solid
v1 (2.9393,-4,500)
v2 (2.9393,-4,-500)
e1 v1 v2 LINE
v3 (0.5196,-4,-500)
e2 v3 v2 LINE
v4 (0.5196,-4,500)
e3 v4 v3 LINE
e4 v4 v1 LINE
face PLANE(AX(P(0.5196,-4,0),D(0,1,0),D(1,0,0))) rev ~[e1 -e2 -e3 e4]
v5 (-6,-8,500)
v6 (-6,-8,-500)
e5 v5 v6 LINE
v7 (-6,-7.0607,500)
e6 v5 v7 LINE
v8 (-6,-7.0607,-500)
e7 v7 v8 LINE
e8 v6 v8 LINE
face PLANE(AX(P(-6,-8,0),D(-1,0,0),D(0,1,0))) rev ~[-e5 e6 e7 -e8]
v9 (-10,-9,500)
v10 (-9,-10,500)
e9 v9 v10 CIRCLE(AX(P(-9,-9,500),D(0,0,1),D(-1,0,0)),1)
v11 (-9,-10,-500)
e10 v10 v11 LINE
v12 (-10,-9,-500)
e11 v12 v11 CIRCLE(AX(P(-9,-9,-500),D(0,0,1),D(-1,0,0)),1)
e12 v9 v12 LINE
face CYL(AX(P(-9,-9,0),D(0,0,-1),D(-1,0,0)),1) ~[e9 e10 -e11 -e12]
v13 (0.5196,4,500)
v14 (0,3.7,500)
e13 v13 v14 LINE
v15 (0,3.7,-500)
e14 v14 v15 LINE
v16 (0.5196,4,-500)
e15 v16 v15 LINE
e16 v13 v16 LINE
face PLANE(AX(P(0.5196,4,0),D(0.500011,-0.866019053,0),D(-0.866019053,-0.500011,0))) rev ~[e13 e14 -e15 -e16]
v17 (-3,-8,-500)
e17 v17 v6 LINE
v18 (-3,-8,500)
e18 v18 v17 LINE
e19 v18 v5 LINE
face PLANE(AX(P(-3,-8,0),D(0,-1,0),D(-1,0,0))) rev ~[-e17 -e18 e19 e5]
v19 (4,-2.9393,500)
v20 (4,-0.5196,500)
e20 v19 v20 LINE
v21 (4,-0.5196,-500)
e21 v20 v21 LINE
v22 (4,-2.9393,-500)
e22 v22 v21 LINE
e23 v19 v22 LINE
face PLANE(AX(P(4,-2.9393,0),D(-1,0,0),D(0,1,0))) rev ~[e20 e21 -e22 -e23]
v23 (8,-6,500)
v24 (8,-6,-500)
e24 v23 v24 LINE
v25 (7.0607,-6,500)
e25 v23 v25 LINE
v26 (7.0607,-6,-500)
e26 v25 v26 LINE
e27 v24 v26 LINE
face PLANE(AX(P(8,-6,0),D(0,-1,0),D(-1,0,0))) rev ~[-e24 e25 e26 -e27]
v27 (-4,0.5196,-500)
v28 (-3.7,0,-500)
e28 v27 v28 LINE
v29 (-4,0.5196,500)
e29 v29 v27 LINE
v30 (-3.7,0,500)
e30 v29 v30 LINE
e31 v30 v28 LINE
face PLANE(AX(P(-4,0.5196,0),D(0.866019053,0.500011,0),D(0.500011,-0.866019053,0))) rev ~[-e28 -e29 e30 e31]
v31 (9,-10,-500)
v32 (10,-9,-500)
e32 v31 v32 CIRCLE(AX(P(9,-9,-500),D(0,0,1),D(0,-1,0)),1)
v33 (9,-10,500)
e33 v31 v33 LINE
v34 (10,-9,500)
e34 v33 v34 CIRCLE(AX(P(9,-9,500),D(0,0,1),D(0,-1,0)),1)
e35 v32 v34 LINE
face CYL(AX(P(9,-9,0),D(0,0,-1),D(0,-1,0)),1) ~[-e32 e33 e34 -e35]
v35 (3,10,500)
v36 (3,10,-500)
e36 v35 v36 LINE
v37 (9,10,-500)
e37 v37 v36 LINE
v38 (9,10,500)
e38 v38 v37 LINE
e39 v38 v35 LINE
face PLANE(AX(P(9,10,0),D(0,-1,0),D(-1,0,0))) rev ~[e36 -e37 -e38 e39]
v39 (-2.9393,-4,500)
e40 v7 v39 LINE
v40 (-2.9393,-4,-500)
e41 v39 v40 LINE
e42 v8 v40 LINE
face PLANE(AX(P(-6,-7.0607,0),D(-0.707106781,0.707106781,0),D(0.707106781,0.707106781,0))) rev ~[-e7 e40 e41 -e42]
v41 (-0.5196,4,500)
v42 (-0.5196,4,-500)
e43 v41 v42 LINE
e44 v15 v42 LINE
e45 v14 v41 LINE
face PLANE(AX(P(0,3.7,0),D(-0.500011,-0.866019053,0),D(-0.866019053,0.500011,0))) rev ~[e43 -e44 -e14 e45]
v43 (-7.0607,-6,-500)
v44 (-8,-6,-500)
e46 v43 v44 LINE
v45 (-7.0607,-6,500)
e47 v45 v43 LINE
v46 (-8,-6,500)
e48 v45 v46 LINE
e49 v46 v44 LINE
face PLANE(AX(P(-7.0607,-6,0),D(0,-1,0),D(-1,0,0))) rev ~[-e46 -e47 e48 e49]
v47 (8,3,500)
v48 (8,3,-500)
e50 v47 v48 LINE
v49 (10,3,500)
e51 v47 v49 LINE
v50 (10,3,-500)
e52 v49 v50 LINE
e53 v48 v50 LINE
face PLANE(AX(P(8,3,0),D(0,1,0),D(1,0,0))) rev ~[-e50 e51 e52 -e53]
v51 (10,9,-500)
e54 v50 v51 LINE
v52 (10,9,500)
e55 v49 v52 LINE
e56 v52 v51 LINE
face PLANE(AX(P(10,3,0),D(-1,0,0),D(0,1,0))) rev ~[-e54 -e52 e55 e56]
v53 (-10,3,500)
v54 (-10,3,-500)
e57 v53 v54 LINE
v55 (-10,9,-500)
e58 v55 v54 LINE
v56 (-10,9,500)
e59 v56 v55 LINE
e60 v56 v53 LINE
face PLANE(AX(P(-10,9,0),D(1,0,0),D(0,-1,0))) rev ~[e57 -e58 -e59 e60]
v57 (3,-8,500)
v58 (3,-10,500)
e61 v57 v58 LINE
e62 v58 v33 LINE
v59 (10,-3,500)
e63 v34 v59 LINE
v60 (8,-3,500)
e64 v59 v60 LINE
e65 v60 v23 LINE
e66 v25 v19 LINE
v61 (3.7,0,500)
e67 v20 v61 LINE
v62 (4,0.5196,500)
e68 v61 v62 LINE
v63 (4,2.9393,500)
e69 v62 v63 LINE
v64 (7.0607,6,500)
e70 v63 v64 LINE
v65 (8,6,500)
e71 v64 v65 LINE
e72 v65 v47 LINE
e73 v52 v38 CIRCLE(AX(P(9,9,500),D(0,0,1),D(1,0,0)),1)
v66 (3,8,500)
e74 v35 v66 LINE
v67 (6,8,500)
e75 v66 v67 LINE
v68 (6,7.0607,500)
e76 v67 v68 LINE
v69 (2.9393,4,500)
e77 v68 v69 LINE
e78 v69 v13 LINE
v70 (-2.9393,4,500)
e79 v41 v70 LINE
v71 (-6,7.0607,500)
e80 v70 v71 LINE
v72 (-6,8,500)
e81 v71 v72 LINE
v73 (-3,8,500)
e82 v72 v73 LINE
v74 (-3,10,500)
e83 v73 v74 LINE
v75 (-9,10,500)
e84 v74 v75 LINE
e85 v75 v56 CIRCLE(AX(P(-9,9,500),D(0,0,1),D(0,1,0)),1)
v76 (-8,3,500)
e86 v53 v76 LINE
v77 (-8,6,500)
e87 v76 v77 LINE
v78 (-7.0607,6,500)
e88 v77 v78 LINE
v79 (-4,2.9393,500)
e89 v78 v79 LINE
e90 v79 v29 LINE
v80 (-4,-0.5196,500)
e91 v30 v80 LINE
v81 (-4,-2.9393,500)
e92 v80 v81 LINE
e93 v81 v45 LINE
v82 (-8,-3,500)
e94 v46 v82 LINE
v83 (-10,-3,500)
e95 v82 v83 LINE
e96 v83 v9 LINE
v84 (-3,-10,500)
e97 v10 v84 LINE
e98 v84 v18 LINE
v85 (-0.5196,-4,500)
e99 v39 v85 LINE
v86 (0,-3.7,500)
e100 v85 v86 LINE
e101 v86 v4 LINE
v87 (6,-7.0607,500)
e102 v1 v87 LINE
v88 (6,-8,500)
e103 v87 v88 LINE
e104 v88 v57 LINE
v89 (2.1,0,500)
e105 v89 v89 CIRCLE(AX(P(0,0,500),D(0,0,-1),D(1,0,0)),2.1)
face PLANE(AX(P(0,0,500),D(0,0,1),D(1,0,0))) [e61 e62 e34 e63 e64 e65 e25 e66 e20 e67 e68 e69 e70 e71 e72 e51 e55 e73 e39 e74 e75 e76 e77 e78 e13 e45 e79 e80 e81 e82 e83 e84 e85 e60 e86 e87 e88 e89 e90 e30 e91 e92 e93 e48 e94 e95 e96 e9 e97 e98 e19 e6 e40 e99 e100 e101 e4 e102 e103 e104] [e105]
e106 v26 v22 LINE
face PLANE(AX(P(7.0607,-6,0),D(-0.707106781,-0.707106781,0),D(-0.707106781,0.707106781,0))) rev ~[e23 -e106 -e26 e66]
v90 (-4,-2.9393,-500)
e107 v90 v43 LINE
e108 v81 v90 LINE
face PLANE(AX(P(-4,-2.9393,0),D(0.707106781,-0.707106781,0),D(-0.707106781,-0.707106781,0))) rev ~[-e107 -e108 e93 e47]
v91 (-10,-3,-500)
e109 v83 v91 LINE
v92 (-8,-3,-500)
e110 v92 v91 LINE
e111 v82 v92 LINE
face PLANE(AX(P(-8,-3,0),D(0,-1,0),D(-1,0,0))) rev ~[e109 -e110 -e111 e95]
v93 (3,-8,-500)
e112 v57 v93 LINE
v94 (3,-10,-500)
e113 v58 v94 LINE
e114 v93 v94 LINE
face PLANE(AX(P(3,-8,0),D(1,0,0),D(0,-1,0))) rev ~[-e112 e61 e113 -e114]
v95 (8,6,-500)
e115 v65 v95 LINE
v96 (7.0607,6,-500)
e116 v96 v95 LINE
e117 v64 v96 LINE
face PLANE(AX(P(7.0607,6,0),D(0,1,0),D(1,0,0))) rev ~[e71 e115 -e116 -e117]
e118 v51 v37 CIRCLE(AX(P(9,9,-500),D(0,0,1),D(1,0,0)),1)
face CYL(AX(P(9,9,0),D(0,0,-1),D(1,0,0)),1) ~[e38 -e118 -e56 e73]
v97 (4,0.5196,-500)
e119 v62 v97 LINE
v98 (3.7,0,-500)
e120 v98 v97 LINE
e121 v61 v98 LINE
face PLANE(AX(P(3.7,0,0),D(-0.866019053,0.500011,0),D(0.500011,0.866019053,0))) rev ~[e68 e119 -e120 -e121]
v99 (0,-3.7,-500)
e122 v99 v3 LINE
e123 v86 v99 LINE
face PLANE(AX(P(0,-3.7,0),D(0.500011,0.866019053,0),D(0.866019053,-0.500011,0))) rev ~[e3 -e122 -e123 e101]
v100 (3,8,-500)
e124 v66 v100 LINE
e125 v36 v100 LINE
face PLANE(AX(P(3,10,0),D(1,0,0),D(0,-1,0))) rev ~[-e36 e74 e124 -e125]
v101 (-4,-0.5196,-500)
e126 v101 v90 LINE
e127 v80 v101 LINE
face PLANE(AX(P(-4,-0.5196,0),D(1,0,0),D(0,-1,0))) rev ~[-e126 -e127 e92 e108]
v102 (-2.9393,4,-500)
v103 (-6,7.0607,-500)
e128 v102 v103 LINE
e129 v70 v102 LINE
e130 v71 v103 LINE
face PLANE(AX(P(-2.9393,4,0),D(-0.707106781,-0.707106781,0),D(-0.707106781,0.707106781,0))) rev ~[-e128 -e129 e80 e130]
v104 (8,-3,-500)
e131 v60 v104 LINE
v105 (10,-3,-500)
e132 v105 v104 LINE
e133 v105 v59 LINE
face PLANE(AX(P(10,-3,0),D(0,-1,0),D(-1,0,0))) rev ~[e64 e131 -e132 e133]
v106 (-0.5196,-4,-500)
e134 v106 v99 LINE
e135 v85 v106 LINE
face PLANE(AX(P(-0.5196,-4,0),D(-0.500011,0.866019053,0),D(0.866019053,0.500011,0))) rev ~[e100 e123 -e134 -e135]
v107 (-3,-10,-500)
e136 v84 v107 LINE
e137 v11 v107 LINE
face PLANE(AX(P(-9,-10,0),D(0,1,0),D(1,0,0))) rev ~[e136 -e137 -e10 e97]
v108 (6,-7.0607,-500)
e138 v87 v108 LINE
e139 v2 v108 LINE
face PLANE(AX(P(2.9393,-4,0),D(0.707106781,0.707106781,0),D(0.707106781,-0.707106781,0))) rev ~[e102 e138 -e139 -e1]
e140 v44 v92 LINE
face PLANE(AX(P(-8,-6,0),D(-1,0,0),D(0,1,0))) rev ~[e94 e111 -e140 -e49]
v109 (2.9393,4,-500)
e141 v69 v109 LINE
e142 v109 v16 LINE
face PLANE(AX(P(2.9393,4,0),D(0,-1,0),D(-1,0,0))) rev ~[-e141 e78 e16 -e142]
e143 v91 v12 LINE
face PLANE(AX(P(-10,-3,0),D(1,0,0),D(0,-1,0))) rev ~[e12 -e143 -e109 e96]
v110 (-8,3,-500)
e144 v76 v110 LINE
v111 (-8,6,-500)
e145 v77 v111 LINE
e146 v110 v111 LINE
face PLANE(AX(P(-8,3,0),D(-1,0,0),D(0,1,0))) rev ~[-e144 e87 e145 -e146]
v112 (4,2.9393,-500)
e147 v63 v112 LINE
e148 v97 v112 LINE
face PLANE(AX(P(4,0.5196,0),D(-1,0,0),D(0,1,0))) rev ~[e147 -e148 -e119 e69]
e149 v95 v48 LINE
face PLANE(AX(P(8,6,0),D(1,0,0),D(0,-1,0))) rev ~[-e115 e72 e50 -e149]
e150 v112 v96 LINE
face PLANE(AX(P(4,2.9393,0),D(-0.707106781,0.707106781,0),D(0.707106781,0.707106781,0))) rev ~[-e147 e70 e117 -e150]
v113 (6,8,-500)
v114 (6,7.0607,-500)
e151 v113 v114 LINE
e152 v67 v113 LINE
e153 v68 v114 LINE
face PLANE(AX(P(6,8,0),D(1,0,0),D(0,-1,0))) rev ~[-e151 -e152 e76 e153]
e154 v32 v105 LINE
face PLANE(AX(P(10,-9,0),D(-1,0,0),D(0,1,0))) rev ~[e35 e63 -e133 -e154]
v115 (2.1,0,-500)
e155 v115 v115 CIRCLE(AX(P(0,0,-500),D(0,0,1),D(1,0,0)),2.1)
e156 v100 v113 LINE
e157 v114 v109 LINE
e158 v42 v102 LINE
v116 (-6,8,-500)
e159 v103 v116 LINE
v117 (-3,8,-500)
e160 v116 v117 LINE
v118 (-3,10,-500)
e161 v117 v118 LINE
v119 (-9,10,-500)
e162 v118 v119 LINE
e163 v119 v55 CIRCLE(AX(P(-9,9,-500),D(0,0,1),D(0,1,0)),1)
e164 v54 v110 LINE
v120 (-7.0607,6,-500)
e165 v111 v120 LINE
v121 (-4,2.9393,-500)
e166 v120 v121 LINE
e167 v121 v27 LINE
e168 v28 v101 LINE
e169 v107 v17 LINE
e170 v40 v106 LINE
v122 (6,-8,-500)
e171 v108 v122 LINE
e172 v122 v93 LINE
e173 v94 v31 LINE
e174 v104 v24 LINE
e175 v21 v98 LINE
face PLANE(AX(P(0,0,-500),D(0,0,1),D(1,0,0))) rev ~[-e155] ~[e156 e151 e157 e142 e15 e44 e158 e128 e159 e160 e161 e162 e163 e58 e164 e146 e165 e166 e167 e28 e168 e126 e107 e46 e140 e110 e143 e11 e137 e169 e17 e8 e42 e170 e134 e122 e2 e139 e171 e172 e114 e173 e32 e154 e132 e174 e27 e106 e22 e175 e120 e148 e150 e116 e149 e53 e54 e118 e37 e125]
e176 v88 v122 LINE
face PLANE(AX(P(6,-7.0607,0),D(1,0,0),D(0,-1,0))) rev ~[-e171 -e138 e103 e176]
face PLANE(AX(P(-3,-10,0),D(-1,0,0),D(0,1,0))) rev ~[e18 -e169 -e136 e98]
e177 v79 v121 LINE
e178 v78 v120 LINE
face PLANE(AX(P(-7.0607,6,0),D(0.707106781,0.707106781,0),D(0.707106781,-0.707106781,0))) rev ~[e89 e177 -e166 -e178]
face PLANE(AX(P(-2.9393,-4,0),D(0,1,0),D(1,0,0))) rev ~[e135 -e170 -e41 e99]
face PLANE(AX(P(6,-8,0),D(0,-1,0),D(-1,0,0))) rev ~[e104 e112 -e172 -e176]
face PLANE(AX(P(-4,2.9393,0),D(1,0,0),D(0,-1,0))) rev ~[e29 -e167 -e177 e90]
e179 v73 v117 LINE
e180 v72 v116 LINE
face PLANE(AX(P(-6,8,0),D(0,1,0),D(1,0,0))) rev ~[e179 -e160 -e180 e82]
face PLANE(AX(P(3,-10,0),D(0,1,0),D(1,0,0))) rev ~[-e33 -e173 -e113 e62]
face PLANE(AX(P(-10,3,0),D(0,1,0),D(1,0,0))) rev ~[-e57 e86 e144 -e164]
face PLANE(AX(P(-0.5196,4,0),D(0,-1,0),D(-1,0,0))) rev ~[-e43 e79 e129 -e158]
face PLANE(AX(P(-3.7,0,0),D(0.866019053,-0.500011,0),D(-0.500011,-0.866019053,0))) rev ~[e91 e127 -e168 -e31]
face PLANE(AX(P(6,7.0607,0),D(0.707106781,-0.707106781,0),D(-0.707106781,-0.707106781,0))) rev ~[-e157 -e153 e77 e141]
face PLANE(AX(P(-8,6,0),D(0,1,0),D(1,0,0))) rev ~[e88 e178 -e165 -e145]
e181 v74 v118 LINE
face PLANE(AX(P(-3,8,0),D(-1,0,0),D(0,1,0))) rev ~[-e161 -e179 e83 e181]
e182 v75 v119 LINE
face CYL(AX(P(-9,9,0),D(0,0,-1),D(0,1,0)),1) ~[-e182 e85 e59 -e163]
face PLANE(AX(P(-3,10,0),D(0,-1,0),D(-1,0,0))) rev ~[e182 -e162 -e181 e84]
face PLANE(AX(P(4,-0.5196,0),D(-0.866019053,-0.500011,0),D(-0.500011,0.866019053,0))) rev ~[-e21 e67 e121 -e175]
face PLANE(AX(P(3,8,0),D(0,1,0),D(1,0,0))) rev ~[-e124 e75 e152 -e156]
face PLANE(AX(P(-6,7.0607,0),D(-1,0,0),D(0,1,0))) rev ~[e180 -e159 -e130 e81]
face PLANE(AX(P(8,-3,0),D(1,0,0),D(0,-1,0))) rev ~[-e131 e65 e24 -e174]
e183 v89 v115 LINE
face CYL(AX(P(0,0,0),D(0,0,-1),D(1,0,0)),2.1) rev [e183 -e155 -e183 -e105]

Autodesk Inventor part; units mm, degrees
ref_plane "YZ Plane" through (0, 0, 0) normal (1, 0, 0) x (0, 1, 0)
ref_plane "XZ Plane" through (0, 0, 0) normal (0, 1, 0) x (-1, 0, 0)
ref_plane "XY Plane" through (0, 0, 0) normal (0, 0, 1) x (1, 0, 0)
sketch "Sketch1" plane through (0, 0, 0) normal (0, 0, 1) x (1, 0, 0)
  line L0 (-2.205, 0) -> (2.205, 0)
  line L1 (0, -2.205) -> (0, 2.205)
  arc A0 (9, -10) -> (10, -9) centre (9, -9) ccw
  line L2 (-10, 9) -> (-10, 3)
  line L3 (-10, 3) -> (-8, 3)
  line L4 (-8, 3) -> (-8, 6)
  line L5 (-8, 6) -> (-7.0607, 6)
  line L6 (-7.0607, 6) -> (-4, 2.9393)
  line L7 (-4, 2.9393) -> (-4, 0.5196)
  line L8 (-4, 0.5196) -> (-3.7, 0)
  line L9 (-3.7, 0) -> (-4, -0.5196)
  line L10 (-4, -0.5196) -> (-4, -2.9393)
  line L11 (-4, -2.9393) -> (-7.0607, -6)
  line L12 (-7.0607, -6) -> (-8, -6)
  line L13 (-8, -6) -> (-8, -3)
  line L14 (-8, -3) -> (-10, -3)
  line L15 (-10, -3) -> (-10, -9)
  arc A1 (-10, -9) -> (-9, -10) centre (-9, -9) ccw
  line L16 (-9, -10) -> (-3, -10)
  line L17 (-3, -10) -> (-3, -8)
  line L18 (-3, -8) -> (-6, -8)
  line L19 (-6, -7.0607) -> (-2.9393, -4)
  line L20 (-2.9393, -4) -> (-0.5196, -4)
  line L21 (-0.5196, -4) -> (0, -3.7)
  line L22 (0, -3.7) -> (0.5196, -4)
  line L23 (0.5196, -4) -> (2.9393, -4)
  line L24 (2.9393, -4) -> (6, -7.0607)
  line L25 (6, -7.0607) -> (6, -8)
  line L26 (6, -8) -> (3, -8)
  line L27 (3, -8) -> (3, -10)
  line L28 (3, -10) -> (9, -10)
  line L29 (10, -9) -> (10, -3)
  line L30 (10, -3) -> (8, -3)
  line L31 (8, -3) -> (8, -6)
  line L32 (8, -6) -> (7.0607, -6)
  line L33 (7.0607, -6) -> (4, -2.9393)
  line L34 (4, -2.9393) -> (4, -0.5196)
  line L35 (4, -0.5196) -> (3.7, 0)
  line L36 (3.7, 0) -> (4, 0.5196)
  line L37 (4, 0.5196) -> (4, 2.9393)
  line L38 (4, 2.9393) -> (7.0607, 6)
  line L39 (7.0607, 6) -> (8, 6)
  line L40 (8, 6) -> (8, 3)
  line L41 (8, 3) -> (10, 3)
  line L42 (10, 3) -> (10, 9)
  arc A2 (10, 9) -> (9, 10) centre (9, 9) ccw
  line L43 (9, 10) -> (3, 10)
  line L44 (3, 10) -> (3, 8)
  line L45 (3, 8) -> (6, 8)
  line L46 (6, 8) -> (6, 7.0607)
  line L47 (6, 7.0607) -> (2.9393, 4)
  line L48 (2.9393, 4) -> (0.5196, 4)
  line L49 (0.5196, 4) -> (0, 3.7)
  line L50 (0, 3.7) -> (-0.5196, 4)
  line L51 (-0.5196, 4) -> (-2.9393, 4)
  line L52 (-2.9393, 4) -> (-6, 7.0607)
  line L53 (-6, 7.0607) -> (-6, 8)
  line L54 (-6, 8) -> (-3, 8)
  line L55 (-3, 8) -> (-3, 10)
  line L56 (-3, 10) -> (-9, 10)
  arc A3 (-9, 10) -> (-10, 9) centre (-9, 9) ccw
  circle A4 centre (0, 0) radius 2.1
  line L57 (-6, -8) -> (-6, -7.0607)
extrude "Extrusion1" add sketch "Sketch1" along normal mid plane 1000
equation "\"d0\" = plateDepth"
equation "\"plateDepth\" = 1000"
equation "\"plateThickness\" = 6.35"
equation "\"supportPlateThickness\" = 6.35"
equation "\"separation\" = 35"
equation "\"centerVerticalRatio\" = 0.3"
properties part number "HFS5-2020" material "Aluminum 6061"
